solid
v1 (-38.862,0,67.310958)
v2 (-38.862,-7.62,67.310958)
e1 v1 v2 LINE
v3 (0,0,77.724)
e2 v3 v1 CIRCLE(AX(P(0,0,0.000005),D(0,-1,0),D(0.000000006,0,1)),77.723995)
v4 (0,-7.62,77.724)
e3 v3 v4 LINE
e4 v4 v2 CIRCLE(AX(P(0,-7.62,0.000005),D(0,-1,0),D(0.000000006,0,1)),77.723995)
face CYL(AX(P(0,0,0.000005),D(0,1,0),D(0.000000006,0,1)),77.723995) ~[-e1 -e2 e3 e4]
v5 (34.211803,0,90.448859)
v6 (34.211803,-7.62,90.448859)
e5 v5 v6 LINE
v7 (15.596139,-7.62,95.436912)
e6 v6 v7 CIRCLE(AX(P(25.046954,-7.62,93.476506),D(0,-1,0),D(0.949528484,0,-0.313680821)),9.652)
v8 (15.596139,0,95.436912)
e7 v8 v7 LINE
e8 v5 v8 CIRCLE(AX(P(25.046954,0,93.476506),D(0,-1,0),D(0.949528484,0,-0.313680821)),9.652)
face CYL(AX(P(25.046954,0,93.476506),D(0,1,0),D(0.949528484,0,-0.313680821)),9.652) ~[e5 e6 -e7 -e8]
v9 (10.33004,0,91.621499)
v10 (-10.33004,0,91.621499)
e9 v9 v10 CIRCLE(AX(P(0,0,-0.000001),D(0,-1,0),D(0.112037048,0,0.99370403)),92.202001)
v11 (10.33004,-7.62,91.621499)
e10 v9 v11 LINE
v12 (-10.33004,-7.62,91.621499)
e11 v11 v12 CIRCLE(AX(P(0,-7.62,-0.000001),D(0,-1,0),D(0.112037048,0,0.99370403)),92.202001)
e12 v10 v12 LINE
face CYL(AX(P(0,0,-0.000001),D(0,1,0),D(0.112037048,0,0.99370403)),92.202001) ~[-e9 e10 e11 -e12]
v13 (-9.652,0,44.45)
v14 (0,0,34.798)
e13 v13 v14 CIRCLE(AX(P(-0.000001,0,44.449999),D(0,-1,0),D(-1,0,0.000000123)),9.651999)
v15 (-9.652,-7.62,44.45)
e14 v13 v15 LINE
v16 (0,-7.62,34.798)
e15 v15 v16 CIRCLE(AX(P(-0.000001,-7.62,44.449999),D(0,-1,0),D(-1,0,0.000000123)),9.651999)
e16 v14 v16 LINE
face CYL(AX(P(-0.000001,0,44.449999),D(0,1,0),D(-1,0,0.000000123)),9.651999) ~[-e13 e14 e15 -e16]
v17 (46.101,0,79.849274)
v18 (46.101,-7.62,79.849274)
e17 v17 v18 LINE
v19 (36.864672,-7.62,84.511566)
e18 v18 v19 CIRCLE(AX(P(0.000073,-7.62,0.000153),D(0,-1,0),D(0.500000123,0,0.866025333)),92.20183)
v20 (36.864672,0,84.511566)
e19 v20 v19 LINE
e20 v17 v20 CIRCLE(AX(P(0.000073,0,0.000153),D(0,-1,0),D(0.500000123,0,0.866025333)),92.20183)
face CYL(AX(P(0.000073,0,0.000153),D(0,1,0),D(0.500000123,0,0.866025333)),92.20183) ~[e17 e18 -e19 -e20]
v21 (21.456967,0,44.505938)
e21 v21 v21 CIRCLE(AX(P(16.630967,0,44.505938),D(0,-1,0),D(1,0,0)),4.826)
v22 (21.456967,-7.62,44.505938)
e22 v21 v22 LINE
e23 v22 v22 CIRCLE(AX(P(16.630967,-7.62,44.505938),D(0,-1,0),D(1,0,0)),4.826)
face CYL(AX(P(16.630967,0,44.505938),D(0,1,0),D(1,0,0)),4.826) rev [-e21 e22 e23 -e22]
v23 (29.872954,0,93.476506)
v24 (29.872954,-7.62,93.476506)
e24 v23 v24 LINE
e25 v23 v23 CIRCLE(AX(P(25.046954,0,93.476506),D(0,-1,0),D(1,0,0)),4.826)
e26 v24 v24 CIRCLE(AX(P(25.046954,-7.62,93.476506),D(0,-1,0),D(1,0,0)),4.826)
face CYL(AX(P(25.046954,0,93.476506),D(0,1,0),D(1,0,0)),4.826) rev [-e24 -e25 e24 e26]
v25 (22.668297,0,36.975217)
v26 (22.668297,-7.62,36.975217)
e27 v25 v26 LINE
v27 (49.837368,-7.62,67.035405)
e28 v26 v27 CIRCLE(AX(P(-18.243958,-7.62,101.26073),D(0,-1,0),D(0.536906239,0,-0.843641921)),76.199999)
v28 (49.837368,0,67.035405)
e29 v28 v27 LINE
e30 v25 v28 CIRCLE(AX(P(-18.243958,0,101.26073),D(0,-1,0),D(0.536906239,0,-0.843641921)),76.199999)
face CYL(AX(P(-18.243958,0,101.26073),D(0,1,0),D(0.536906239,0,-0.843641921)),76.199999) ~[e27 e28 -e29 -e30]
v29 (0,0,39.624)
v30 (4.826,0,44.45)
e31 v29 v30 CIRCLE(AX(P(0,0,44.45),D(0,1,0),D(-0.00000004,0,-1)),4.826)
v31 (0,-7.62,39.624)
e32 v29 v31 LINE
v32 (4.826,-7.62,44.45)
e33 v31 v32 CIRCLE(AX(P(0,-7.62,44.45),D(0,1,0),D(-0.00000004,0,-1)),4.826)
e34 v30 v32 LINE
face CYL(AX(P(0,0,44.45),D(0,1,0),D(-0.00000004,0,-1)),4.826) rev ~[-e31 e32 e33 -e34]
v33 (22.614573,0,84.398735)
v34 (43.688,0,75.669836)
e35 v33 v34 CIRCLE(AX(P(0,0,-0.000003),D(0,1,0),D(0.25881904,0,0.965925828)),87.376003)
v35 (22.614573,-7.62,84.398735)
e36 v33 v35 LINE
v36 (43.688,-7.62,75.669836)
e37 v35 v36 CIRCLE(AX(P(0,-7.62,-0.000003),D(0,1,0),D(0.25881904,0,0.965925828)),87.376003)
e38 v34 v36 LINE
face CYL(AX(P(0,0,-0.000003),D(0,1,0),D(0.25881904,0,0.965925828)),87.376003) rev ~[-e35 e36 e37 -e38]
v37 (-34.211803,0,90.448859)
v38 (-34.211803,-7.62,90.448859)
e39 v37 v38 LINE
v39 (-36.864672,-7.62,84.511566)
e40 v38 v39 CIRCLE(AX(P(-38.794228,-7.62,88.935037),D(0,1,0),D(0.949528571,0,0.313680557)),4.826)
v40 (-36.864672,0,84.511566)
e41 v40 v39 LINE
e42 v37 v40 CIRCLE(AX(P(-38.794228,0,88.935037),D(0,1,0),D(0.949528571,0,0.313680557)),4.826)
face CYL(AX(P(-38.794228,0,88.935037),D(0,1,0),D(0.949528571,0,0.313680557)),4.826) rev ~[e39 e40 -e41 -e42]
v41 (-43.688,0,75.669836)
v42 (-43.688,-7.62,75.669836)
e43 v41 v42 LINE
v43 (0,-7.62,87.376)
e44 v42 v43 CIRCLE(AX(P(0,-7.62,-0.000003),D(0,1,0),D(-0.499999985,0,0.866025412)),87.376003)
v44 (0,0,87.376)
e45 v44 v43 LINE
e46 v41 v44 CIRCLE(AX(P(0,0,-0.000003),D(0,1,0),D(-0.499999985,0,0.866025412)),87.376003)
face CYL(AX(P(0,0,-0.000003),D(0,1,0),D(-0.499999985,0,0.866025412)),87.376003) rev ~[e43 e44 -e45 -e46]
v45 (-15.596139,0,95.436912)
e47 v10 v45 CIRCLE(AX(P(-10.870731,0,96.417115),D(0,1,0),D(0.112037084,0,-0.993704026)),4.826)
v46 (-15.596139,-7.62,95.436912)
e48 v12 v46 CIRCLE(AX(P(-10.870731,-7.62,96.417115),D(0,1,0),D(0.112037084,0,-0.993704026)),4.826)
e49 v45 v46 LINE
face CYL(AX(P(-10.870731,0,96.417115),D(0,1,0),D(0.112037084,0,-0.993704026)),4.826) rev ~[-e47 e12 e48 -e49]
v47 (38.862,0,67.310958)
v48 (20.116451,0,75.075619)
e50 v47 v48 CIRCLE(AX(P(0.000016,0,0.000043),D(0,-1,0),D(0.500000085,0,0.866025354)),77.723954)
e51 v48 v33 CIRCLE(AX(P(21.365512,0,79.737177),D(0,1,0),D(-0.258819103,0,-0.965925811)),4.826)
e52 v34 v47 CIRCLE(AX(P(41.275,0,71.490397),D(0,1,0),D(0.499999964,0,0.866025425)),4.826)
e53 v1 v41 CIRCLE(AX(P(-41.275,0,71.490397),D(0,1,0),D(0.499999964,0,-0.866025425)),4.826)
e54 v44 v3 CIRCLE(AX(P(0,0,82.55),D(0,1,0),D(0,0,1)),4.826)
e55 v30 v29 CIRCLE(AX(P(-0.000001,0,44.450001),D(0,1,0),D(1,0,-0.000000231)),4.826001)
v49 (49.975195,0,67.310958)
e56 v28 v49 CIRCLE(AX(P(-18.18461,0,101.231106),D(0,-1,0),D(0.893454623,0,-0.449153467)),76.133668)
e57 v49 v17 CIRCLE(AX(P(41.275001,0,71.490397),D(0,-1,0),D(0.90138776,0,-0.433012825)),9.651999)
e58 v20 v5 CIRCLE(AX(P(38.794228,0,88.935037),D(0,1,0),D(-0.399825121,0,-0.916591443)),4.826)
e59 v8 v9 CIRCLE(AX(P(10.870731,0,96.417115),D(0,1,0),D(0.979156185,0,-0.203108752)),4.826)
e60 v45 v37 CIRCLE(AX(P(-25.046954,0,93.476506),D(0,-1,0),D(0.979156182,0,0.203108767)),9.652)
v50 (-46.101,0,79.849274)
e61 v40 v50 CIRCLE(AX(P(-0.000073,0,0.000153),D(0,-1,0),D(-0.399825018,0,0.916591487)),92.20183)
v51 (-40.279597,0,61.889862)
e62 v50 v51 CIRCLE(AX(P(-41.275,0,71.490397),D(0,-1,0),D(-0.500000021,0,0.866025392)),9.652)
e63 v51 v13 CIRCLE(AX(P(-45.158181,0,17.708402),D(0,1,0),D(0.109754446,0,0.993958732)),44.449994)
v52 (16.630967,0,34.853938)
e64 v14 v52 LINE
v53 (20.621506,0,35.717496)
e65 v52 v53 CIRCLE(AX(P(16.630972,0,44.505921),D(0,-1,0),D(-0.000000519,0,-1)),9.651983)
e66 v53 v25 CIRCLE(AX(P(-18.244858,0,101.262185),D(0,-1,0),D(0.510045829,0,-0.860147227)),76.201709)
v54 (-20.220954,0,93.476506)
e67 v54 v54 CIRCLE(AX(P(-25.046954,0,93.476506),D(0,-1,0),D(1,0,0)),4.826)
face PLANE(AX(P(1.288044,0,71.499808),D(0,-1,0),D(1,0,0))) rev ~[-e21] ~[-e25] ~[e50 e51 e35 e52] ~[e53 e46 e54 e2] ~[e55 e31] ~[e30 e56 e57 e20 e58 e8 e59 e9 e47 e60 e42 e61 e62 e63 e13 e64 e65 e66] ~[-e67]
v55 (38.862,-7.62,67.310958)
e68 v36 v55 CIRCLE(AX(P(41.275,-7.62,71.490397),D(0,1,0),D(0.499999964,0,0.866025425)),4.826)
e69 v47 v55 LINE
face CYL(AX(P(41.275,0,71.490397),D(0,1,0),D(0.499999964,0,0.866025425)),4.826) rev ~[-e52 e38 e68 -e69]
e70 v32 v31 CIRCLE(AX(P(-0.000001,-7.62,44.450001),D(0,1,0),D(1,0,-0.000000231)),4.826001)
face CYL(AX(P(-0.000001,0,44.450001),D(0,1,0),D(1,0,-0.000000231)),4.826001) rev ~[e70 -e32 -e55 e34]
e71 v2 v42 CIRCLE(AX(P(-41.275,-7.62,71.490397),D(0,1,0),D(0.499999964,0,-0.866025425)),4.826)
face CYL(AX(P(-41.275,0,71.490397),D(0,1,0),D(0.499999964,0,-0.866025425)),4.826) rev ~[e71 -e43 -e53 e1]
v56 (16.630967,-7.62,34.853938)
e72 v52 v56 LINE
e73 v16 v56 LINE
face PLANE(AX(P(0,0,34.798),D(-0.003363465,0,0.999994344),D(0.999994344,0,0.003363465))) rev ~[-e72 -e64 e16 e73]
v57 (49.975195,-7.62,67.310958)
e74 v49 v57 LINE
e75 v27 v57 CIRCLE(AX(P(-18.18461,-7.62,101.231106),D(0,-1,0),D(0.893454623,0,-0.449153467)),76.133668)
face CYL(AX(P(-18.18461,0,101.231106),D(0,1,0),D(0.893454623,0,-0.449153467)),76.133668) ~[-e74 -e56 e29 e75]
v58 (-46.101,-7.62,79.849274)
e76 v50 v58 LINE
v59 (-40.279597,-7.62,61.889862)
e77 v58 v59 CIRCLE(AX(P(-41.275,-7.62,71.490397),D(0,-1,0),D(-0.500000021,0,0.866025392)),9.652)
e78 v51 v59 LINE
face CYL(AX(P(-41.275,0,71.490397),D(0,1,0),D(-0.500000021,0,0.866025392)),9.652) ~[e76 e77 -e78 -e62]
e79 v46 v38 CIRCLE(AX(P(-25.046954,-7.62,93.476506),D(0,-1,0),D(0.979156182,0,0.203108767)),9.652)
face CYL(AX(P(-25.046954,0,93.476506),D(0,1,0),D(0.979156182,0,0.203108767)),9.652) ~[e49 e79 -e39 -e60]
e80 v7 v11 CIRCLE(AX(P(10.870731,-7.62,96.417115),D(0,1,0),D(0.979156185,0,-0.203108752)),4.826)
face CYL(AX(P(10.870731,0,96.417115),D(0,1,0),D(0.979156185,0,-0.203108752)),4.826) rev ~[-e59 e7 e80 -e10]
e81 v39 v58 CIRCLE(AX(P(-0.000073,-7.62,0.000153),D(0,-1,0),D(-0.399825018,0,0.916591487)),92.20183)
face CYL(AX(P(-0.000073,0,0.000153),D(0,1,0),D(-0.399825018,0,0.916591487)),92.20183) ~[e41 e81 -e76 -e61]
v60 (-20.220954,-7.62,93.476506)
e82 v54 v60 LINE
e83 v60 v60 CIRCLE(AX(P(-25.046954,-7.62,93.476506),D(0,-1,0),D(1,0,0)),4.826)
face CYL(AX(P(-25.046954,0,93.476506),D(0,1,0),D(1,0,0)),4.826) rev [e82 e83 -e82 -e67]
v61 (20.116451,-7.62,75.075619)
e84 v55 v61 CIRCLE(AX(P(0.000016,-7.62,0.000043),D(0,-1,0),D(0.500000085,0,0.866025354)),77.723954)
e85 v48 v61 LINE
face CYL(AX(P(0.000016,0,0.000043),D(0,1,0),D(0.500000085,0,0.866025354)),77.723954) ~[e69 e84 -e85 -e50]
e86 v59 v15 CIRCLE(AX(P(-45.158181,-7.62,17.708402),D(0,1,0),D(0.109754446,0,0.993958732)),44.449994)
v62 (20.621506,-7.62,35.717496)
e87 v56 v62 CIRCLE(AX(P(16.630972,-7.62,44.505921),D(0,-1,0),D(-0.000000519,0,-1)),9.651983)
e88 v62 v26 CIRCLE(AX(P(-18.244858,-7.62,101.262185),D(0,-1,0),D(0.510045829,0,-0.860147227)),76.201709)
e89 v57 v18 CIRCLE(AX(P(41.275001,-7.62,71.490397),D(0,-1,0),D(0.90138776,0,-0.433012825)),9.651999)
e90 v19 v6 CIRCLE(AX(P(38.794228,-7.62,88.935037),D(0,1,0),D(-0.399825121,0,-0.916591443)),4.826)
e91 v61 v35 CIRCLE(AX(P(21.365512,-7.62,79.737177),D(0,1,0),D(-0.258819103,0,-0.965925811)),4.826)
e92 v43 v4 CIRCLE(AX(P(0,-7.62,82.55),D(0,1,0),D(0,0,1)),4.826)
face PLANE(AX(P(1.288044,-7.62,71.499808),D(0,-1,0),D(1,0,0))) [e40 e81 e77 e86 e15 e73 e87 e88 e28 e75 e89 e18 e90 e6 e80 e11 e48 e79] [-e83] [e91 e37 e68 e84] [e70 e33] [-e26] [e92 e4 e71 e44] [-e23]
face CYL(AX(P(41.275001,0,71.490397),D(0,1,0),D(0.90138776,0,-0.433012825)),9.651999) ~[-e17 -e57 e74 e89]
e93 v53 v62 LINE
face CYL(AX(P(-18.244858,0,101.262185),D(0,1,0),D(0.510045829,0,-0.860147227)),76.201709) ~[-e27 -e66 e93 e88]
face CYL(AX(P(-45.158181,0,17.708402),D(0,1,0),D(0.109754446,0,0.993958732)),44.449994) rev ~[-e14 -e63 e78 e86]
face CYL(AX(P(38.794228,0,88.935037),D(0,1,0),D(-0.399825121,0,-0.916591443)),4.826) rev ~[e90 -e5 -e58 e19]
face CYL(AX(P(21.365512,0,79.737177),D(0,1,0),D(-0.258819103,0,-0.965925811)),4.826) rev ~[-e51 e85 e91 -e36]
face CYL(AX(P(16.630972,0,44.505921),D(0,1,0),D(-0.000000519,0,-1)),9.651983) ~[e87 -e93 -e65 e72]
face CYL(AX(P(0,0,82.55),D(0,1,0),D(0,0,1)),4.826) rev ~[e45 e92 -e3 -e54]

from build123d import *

# Parameters (mm, degrees)
F0_R     = 4.826
F1_DEPTH = 7.62


with BuildPart() as f1:
    # F0 (on Front) → F1 (new body)
    with BuildSketch(Plane.XZ):
        with BuildLine():
            ThreePointArc((49.975195, 67.310958), (50.496813, 74.339831), (46.101, 79.849274))
            ThreePointArc((46.101, 79.849274), (41.548284, 82.310078), (36.864672, 84.511566))
            ThreePointArc((36.864672, 84.511566), (34.388058, 86.966295), (34.211803, 90.448859))
            ThreePointArc((34.211803, 90.448859), (27.545076, 102.799622), (15.596139, 95.436912))
            ThreePointArc((15.596139, 95.436912), (13.702216, 92.50905), (10.33004, 91.621499))
            ThreePointArc((10.33004, 91.621499), (0, 92.202), (-10.33004, 91.621499))
            ThreePointArc((-10.33004, 91.621499), (-13.702216, 92.50905), (-15.596139, 95.436912))
            ThreePointArc((-15.596139, 95.436912), (-27.545076, 102.799622), (-34.211803, 90.448859))
            ThreePointArc((-34.211803, 90.448859), (-34.388058, 86.966295), (-36.864672, 84.511566))
            ThreePointArc((-36.864672, 84.511566), (-41.548284, 82.310078), (-46.101, 79.849274))
            ThreePointArc((-46.101, 79.849274), (-50.456693, 68.514223), (-40.279597, 61.889862))
            ThreePointArc((-40.279597, 61.889862), (-23.16342, 56.335238), (-9.652, 44.45))
            ThreePointArc((-9.652, 44.45), (-6.824995, 37.625005), (0, 34.798))
            Line((0, 34.798), (16.630967, 34.853938))
            ThreePointArc((16.630967, 34.853938), (18.672421, 35.072297), (20.621506, 35.717496))
            ThreePointArc((20.621506, 35.717496), (21.649858, 36.33829), (22.668297, 36.975217))
            ThreePointArc((22.668297, 36.975217), (38.287484, 50.166348), (49.837368, 67.035405))
            ThreePointArc((49.837368, 67.035405), (49.906421, 67.173112), (49.975195, 67.310958))
        make_face()
        with BuildLine():
            ThreePointArc((4.826, 44.45), (3.412497, 41.037503), (0, 39.624))
            ThreePointArc((0, 39.624), (-3.412497, 47.862497), (4.826, 44.45))
        make_face(mode=Mode.SUBTRACT)
        with Locations((16.630967, 44.505938)):
            Circle(F0_R, mode=Mode.SUBTRACT)
        with BuildLine():
            ThreePointArc((-38.862, 67.310958), (-45.454439, 69.077397), (-43.688, 75.669836))
            ThreePointArc((-43.688, 75.669836), (-22.614573, 84.398735), (0, 87.376))
            ThreePointArc((0, 87.376), (4.826, 82.55), (0, 77.724))
            ThreePointArc((0, 77.724), (-20.116451, 75.075619), (-38.862, 67.310958))
        make_face(mode=Mode.SUBTRACT)
        with Locations((-25.046954, 93.476506)):
            Circle(F0_R, mode=Mode.SUBTRACT)
        with BuildLine():
            ThreePointArc((20.116451, 75.075619), (16.703954, 80.986238), (22.614573, 84.398735))
            ThreePointArc((22.614573, 84.398735), (33.437348, 80.724898), (43.688, 75.669836))
            ThreePointArc((43.688, 75.669836), (45.454439, 69.077397), (38.862, 67.310958))
            ThreePointArc((38.862, 67.310958), (29.743687, 71.807613), (20.116451, 75.075619))
        make_face(mode=Mode.SUBTRACT)
        with Locations((25.046954, 93.476506)):
            Circle(F0_R, mode=Mode.SUBTRACT)
    extrude(amount=F1_DEPTH)


solid = f1.part
